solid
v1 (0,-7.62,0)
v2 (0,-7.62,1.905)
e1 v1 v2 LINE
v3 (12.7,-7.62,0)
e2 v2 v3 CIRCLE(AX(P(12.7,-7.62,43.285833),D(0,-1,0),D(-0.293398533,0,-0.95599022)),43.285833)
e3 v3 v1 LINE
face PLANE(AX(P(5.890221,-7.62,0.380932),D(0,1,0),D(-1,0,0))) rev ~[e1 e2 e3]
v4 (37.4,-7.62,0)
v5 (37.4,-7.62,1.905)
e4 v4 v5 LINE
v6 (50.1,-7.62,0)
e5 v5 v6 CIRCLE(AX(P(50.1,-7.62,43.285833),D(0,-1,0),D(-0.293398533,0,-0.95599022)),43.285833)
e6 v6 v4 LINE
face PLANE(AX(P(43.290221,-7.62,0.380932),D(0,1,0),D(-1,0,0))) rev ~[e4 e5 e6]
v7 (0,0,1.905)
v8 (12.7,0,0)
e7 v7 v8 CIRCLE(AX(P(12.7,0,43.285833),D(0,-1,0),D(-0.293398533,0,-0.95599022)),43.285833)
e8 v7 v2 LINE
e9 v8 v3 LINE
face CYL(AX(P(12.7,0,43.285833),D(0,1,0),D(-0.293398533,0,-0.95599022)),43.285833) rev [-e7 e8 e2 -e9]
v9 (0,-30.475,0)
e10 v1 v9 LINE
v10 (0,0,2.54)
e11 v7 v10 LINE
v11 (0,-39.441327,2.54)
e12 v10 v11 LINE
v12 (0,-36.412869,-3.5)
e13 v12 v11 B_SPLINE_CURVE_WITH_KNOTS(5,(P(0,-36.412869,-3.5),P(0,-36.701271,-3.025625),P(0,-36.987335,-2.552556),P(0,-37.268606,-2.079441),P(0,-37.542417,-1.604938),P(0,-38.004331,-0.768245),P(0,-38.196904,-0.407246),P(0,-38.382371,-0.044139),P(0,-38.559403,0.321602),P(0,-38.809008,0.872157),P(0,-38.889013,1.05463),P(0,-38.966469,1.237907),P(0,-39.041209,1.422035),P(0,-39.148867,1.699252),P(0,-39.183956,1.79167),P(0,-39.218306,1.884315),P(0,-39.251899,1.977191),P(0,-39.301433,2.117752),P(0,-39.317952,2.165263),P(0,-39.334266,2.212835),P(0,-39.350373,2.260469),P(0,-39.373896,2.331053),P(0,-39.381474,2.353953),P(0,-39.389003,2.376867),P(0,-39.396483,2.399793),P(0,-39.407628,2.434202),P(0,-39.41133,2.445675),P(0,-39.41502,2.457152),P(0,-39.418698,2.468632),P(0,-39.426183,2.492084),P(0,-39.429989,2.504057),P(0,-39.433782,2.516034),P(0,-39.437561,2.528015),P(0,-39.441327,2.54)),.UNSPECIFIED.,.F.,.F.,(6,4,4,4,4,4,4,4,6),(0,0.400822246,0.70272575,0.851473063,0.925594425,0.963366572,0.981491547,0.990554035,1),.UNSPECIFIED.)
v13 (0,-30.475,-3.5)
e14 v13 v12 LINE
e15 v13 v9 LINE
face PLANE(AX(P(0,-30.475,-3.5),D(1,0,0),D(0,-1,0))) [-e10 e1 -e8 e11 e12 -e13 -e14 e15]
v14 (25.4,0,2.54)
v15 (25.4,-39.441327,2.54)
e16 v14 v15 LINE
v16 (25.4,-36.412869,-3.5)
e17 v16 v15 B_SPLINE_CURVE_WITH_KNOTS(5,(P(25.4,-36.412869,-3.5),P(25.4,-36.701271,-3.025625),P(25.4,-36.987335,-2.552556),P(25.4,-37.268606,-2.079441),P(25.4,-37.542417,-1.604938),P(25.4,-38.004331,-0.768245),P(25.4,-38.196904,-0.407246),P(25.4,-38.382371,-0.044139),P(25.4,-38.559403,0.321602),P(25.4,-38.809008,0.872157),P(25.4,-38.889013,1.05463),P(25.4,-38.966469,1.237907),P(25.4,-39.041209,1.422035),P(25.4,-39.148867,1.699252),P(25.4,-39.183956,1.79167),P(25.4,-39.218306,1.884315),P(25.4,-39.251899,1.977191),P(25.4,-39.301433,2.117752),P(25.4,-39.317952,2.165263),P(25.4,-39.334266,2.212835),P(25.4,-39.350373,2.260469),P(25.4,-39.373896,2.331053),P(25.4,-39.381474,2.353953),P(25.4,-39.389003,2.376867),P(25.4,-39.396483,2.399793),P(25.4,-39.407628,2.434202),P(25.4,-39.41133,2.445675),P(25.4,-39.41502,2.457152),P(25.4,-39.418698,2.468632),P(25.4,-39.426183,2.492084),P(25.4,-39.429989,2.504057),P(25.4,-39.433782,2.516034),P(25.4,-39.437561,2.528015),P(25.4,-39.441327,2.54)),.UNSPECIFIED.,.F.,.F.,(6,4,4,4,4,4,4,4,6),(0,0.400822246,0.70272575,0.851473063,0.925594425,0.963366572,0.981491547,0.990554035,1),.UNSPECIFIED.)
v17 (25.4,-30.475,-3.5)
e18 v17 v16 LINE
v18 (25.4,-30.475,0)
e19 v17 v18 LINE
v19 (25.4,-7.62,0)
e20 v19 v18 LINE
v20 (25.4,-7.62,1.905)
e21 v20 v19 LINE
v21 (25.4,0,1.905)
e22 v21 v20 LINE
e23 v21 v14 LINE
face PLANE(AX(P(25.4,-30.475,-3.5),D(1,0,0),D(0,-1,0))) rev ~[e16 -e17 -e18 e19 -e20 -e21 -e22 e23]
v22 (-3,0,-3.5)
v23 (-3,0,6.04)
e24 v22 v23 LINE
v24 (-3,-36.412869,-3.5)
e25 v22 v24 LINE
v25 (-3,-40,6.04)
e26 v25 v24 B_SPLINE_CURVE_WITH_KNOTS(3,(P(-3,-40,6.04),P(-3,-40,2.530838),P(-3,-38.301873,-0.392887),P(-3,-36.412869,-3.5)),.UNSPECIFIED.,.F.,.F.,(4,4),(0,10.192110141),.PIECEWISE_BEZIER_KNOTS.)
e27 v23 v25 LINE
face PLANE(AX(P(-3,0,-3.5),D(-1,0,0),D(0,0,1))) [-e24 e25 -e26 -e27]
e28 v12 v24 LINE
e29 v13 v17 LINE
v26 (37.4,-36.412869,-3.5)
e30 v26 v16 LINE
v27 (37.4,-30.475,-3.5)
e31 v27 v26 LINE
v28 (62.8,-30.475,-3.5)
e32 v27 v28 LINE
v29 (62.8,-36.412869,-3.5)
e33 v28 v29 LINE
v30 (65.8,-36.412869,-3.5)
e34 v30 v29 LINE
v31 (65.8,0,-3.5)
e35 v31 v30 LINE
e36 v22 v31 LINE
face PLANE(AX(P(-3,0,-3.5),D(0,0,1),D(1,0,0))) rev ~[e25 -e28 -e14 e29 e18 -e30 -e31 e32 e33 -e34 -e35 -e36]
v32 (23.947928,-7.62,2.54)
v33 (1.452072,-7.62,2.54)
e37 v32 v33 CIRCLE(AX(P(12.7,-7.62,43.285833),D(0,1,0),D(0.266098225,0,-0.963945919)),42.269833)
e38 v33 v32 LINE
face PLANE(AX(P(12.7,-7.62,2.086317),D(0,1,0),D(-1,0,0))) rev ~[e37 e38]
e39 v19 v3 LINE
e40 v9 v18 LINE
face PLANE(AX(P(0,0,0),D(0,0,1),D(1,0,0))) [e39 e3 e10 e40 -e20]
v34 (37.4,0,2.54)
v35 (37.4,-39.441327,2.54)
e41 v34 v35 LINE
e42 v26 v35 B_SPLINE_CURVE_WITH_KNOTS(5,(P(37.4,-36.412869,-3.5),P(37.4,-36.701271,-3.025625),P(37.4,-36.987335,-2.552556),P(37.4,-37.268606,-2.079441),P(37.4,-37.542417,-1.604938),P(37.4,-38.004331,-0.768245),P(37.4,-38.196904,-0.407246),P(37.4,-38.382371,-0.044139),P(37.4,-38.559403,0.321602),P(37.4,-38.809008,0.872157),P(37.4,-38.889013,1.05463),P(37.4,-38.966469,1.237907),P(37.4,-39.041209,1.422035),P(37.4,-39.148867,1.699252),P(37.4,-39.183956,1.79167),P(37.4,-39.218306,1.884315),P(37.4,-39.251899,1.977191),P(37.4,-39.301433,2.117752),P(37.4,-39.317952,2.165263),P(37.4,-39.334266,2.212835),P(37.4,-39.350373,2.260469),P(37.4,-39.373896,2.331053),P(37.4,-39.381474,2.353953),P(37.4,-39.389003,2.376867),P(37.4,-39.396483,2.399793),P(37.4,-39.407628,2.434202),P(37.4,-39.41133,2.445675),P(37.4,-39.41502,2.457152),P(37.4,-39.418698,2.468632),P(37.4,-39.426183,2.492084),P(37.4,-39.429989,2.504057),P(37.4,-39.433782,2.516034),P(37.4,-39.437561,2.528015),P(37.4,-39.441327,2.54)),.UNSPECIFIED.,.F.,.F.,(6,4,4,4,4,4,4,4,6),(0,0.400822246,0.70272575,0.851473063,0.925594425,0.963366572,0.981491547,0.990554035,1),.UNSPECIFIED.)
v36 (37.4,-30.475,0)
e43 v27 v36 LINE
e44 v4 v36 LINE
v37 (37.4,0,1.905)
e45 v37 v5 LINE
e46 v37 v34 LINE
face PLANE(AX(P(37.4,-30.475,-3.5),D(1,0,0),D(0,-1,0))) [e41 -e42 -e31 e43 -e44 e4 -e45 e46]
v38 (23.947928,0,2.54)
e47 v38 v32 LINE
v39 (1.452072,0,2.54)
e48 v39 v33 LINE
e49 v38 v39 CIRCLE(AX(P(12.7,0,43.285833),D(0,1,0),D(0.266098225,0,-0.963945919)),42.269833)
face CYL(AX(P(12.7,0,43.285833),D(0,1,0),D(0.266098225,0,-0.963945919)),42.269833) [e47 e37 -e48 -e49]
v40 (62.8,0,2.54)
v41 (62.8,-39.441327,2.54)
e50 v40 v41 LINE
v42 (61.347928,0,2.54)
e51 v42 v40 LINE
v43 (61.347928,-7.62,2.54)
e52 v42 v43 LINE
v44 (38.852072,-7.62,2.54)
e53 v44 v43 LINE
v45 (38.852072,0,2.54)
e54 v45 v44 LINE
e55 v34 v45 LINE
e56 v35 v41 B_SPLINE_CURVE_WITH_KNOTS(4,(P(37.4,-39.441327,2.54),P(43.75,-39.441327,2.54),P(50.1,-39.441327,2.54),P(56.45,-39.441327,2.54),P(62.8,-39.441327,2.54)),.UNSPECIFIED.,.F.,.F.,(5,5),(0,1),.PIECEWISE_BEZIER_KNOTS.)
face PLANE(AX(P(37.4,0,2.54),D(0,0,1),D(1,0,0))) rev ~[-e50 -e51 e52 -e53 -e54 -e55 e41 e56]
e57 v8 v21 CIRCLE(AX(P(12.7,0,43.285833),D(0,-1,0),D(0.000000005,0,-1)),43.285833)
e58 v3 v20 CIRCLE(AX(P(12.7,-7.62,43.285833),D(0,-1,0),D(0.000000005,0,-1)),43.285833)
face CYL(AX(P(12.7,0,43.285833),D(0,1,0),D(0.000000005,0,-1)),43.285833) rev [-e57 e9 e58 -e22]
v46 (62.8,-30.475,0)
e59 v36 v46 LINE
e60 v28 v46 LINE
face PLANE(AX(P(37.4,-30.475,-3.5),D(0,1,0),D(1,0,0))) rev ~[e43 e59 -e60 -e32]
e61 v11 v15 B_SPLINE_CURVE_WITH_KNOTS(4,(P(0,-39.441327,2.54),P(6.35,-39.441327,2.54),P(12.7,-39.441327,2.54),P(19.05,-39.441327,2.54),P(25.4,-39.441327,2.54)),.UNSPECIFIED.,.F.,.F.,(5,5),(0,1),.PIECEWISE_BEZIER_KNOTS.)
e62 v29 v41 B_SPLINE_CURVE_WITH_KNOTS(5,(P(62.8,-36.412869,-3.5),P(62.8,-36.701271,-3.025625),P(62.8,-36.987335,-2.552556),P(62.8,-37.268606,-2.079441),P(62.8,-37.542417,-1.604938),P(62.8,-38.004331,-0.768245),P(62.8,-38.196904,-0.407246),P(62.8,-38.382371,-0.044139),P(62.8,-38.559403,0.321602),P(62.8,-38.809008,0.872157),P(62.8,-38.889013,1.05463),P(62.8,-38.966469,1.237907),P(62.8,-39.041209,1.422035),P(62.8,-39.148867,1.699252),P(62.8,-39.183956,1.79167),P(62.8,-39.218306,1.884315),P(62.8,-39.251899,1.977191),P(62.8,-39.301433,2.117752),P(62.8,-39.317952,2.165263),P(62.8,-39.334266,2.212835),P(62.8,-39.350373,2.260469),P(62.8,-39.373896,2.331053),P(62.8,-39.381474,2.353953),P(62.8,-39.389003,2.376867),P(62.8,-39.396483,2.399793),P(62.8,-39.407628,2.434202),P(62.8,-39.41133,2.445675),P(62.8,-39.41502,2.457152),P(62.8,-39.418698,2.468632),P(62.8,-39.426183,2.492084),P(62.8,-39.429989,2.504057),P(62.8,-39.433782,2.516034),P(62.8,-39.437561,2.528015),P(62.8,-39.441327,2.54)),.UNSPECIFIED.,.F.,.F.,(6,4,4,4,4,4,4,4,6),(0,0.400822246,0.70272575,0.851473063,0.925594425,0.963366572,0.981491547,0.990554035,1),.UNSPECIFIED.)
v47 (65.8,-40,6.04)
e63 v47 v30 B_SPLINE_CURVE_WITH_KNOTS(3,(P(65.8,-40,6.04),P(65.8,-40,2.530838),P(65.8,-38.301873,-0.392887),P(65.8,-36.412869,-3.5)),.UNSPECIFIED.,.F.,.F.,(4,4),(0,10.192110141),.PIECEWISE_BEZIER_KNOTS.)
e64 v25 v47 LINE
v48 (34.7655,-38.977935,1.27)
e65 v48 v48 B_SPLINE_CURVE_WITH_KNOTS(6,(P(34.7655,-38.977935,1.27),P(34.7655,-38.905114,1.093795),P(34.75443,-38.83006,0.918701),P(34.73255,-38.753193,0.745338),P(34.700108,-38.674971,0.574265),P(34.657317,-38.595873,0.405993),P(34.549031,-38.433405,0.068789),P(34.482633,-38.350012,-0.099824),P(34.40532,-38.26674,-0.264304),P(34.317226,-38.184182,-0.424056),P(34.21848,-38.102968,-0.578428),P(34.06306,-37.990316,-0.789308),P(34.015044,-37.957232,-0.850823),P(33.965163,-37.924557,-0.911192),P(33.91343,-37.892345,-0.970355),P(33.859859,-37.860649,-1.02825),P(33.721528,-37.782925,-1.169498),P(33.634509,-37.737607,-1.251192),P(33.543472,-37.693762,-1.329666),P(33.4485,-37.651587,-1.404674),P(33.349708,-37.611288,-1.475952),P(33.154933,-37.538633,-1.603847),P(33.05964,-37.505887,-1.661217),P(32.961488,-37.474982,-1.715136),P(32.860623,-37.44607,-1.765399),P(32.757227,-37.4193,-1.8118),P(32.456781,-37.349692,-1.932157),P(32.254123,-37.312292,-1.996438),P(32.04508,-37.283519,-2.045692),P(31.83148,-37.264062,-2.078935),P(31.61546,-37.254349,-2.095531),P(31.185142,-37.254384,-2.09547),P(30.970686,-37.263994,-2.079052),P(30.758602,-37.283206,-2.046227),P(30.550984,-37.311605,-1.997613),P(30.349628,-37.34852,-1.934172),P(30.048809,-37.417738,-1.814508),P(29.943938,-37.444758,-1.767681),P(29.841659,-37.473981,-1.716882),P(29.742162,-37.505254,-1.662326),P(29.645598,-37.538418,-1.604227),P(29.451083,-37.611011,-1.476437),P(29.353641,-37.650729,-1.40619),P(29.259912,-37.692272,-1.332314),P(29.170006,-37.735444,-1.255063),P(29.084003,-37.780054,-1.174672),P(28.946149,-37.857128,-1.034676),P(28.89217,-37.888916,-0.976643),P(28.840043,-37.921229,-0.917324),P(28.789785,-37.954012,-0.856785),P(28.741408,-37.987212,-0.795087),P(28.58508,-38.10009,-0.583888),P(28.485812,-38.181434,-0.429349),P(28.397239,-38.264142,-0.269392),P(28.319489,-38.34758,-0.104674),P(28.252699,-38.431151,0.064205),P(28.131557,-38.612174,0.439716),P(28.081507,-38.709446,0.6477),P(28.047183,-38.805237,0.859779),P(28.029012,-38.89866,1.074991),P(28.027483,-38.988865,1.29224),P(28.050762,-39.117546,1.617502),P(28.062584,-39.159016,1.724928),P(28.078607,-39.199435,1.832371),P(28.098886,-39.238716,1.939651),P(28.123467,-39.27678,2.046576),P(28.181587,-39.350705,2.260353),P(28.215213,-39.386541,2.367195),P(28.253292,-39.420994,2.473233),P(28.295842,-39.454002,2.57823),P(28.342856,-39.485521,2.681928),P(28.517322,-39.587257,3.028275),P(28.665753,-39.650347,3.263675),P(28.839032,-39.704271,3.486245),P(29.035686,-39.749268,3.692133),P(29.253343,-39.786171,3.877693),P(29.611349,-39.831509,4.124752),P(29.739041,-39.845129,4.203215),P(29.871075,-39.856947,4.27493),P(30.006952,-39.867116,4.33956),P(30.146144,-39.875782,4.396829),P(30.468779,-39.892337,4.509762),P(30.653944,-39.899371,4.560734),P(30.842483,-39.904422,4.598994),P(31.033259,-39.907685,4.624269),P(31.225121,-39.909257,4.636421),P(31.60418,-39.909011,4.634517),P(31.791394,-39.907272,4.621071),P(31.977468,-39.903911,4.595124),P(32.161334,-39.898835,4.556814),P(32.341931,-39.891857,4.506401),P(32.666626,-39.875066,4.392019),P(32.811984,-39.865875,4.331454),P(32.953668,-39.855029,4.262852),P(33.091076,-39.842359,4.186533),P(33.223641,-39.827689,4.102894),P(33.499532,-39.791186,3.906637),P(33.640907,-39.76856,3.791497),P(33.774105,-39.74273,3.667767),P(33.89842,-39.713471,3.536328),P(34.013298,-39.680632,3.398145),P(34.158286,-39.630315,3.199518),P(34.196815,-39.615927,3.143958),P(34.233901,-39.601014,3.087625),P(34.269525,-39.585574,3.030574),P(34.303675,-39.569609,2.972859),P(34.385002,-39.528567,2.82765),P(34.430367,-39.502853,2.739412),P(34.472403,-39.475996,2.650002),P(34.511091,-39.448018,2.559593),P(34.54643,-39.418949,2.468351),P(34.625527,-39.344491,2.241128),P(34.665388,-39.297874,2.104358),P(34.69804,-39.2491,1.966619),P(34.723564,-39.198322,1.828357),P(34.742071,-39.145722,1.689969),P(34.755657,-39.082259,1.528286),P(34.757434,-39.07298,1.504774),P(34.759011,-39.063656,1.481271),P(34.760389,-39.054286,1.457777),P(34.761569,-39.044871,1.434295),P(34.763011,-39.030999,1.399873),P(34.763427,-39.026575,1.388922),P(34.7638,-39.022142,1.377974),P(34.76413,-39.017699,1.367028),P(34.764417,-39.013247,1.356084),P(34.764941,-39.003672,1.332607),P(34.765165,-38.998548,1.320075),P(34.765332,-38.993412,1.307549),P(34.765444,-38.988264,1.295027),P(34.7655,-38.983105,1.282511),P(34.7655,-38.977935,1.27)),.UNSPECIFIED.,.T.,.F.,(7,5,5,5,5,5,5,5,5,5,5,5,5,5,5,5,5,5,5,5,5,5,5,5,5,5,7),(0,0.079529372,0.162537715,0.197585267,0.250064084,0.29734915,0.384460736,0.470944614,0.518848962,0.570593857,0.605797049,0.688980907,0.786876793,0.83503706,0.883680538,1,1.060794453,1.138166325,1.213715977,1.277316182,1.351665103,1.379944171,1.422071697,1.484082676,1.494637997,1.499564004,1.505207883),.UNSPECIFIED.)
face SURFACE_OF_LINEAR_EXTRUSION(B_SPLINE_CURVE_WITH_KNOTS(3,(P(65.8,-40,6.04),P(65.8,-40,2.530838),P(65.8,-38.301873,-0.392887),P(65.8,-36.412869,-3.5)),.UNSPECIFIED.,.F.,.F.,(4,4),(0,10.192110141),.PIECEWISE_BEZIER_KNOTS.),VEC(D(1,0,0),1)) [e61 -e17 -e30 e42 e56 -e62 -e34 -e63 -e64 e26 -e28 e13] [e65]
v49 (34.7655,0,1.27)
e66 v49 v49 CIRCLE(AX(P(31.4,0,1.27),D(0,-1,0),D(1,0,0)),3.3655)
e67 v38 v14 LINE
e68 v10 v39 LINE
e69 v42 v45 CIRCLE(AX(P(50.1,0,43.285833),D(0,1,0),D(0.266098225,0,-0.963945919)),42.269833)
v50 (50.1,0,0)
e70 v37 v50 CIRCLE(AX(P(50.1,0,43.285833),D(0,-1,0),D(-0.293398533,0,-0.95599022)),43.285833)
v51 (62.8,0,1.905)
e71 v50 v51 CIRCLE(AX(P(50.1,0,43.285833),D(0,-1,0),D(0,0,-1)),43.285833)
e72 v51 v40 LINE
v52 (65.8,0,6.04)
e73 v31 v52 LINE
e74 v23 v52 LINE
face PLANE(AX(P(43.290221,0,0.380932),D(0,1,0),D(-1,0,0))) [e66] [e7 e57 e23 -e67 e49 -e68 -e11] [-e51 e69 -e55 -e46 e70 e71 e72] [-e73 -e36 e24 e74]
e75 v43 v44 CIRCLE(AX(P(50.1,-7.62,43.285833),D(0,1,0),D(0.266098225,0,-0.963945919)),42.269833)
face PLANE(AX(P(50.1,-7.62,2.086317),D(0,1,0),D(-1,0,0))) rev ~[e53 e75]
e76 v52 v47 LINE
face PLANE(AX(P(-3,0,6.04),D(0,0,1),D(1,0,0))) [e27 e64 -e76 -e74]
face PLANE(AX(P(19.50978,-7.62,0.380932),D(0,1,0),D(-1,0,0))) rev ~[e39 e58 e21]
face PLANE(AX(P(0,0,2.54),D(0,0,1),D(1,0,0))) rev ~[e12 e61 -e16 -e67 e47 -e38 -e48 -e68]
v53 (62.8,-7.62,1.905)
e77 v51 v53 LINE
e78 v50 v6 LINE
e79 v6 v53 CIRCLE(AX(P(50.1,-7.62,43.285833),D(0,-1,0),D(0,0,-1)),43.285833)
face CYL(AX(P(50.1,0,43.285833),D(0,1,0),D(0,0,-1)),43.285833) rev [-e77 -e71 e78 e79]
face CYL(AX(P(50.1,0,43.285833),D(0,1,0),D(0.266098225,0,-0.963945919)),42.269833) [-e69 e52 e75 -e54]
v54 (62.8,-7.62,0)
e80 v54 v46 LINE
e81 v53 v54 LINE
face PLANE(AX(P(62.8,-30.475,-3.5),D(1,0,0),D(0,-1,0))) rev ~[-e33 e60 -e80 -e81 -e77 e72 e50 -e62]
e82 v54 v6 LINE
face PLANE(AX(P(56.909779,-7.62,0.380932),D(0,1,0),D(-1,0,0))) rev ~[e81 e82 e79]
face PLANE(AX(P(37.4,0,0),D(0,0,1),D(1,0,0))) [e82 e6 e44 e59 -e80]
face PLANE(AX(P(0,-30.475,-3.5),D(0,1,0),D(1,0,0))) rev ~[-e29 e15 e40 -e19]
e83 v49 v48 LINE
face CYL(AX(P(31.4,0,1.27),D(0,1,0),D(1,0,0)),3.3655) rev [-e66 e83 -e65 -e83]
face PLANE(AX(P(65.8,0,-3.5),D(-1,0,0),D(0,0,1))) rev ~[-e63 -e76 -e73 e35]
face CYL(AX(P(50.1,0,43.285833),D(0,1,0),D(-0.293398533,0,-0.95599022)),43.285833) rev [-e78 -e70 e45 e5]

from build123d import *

# Parameters (mm, degrees)
F0_W     = 68.8
F0_H     = 9.54
F0_W_2   = 25.4
F0_H_2   = 2.54
F0_R     = 3.3655
F1_DEPTH = 40
F2_W     = 25.4
F2_H     = 9.525
F3_DEPTH = 3.5
F6_DEPTH = 68.8
F8_DEPTH = 7.62


with BuildPart() as f1:
    # F0 (on Front) → F1 (new body)
    with BuildSketch(Plane.XZ):
        with Locations((31.4, 1.27)):
            Rectangle(F0_W, F0_H)
        with Locations((12.7, 1.27)):
            Rectangle(F0_W_2, F0_H_2, mode=Mode.SUBTRACT)
        with Locations((31.4, 1.27)):
            Circle(F0_R, mode=Mode.SUBTRACT)
        with Locations((50.1, 1.27)):
            Rectangle(F0_W_2, F0_H_2, mode=Mode.SUBTRACT)
    extrude(amount=F1_DEPTH)

    # F2 (on face) → F3 (cut, through all)
    with BuildSketch(Plane(origin=(0, 0, -3.5), x_dir=(1, 0, 0), z_dir=(0, 0, -1))):
        with Locations((12.7, 35.2375)):
            Rectangle(F2_W, F2_H)
        with Locations((50.1, 35.2375)):
            Rectangle(F2_W, F2_H)
    extrude(amount=-F3_DEPTH, mode=Mode.SUBTRACT)

    # F5 (on face) → F6 (cut, through all)
    with BuildSketch(Plane.YZ.offset(65.8)):
        with BuildLine():
            Line((-40, -3.5), (-36.412868955, -3.5))
            add(Edge.make_bspline(
                [(-40, 6.04), (-40, 2.5308377617), (-38.3018730084, -0.3928871964), (-36.412868955, -3.5)],
                knots=[0, 0, 0, 0, 10.1921101414, 10.1921101414, 10.1921101414, 10.1921101414], degree=3))
            Line((-40, 6.04), (-40, -3.5))
        make_face()
    extrude(amount=-F6_DEPTH, mode=Mode.SUBTRACT)

    # F7 (on face) → F8 (join)
    with BuildSketch(Plane(origin=(0, 0, 0), x_dir=(-1, 0, 0), z_dir=(0, 1, 0))):
        with BuildLine():
            ThreePointArc((-37.4, 1.905), (-43.6789598779, 0.4788991858), (-50.1, 0))
            Line((-50.1, 0), (-37.4, 0))
            Line((-37.4, 0), (-37.4, 1.905))
        make_face()
        with BuildLine():
            ThreePointArc((-50.1, 0), (-56.5210401221, 0.4788991858), (-62.8, 1.905))
            Line((-62.8, 1.905), (-62.8, 0))
            Line((-62.8, 0), (-50.1, 0))
        make_face()
        with BuildLine():
            Line((-38.8520723687, 2.54), (-61.3479276313, 2.54))
            ThreePointArc((-61.3479276313, 2.54), (-50.1, 1.016), (-38.8520723687, 2.54))
        make_face()
        with BuildLine():
            ThreePointArc((0, 1.905), (-6.2789599942, 0.4788991684), (-12.7000002352, 0))
            Line((-12.7000002352, 0), (0, 0))
            Line((0, 0), (0, 1.905))
        make_face()
        with BuildLine():
            Line((-25.4, 1.905), (-25.4, 0))
            Line((-25.4, 0), (-12.7000002352, 0))
            ThreePointArc((-12.7000002352, 0), (-19.1210402384, 0.4788992032), (-25.4, 1.905))
        make_face()
        with BuildLine():
            ThreePointArc((-23.9479276313, 2.54), (-12.7, 1.016), (-1.4520723687, 2.54))
            Line((-1.4520723687, 2.54), (-23.9479276313, 2.54))
        make_face()
    extrude(amount=-F8_DEPTH)


solid = f1.part
